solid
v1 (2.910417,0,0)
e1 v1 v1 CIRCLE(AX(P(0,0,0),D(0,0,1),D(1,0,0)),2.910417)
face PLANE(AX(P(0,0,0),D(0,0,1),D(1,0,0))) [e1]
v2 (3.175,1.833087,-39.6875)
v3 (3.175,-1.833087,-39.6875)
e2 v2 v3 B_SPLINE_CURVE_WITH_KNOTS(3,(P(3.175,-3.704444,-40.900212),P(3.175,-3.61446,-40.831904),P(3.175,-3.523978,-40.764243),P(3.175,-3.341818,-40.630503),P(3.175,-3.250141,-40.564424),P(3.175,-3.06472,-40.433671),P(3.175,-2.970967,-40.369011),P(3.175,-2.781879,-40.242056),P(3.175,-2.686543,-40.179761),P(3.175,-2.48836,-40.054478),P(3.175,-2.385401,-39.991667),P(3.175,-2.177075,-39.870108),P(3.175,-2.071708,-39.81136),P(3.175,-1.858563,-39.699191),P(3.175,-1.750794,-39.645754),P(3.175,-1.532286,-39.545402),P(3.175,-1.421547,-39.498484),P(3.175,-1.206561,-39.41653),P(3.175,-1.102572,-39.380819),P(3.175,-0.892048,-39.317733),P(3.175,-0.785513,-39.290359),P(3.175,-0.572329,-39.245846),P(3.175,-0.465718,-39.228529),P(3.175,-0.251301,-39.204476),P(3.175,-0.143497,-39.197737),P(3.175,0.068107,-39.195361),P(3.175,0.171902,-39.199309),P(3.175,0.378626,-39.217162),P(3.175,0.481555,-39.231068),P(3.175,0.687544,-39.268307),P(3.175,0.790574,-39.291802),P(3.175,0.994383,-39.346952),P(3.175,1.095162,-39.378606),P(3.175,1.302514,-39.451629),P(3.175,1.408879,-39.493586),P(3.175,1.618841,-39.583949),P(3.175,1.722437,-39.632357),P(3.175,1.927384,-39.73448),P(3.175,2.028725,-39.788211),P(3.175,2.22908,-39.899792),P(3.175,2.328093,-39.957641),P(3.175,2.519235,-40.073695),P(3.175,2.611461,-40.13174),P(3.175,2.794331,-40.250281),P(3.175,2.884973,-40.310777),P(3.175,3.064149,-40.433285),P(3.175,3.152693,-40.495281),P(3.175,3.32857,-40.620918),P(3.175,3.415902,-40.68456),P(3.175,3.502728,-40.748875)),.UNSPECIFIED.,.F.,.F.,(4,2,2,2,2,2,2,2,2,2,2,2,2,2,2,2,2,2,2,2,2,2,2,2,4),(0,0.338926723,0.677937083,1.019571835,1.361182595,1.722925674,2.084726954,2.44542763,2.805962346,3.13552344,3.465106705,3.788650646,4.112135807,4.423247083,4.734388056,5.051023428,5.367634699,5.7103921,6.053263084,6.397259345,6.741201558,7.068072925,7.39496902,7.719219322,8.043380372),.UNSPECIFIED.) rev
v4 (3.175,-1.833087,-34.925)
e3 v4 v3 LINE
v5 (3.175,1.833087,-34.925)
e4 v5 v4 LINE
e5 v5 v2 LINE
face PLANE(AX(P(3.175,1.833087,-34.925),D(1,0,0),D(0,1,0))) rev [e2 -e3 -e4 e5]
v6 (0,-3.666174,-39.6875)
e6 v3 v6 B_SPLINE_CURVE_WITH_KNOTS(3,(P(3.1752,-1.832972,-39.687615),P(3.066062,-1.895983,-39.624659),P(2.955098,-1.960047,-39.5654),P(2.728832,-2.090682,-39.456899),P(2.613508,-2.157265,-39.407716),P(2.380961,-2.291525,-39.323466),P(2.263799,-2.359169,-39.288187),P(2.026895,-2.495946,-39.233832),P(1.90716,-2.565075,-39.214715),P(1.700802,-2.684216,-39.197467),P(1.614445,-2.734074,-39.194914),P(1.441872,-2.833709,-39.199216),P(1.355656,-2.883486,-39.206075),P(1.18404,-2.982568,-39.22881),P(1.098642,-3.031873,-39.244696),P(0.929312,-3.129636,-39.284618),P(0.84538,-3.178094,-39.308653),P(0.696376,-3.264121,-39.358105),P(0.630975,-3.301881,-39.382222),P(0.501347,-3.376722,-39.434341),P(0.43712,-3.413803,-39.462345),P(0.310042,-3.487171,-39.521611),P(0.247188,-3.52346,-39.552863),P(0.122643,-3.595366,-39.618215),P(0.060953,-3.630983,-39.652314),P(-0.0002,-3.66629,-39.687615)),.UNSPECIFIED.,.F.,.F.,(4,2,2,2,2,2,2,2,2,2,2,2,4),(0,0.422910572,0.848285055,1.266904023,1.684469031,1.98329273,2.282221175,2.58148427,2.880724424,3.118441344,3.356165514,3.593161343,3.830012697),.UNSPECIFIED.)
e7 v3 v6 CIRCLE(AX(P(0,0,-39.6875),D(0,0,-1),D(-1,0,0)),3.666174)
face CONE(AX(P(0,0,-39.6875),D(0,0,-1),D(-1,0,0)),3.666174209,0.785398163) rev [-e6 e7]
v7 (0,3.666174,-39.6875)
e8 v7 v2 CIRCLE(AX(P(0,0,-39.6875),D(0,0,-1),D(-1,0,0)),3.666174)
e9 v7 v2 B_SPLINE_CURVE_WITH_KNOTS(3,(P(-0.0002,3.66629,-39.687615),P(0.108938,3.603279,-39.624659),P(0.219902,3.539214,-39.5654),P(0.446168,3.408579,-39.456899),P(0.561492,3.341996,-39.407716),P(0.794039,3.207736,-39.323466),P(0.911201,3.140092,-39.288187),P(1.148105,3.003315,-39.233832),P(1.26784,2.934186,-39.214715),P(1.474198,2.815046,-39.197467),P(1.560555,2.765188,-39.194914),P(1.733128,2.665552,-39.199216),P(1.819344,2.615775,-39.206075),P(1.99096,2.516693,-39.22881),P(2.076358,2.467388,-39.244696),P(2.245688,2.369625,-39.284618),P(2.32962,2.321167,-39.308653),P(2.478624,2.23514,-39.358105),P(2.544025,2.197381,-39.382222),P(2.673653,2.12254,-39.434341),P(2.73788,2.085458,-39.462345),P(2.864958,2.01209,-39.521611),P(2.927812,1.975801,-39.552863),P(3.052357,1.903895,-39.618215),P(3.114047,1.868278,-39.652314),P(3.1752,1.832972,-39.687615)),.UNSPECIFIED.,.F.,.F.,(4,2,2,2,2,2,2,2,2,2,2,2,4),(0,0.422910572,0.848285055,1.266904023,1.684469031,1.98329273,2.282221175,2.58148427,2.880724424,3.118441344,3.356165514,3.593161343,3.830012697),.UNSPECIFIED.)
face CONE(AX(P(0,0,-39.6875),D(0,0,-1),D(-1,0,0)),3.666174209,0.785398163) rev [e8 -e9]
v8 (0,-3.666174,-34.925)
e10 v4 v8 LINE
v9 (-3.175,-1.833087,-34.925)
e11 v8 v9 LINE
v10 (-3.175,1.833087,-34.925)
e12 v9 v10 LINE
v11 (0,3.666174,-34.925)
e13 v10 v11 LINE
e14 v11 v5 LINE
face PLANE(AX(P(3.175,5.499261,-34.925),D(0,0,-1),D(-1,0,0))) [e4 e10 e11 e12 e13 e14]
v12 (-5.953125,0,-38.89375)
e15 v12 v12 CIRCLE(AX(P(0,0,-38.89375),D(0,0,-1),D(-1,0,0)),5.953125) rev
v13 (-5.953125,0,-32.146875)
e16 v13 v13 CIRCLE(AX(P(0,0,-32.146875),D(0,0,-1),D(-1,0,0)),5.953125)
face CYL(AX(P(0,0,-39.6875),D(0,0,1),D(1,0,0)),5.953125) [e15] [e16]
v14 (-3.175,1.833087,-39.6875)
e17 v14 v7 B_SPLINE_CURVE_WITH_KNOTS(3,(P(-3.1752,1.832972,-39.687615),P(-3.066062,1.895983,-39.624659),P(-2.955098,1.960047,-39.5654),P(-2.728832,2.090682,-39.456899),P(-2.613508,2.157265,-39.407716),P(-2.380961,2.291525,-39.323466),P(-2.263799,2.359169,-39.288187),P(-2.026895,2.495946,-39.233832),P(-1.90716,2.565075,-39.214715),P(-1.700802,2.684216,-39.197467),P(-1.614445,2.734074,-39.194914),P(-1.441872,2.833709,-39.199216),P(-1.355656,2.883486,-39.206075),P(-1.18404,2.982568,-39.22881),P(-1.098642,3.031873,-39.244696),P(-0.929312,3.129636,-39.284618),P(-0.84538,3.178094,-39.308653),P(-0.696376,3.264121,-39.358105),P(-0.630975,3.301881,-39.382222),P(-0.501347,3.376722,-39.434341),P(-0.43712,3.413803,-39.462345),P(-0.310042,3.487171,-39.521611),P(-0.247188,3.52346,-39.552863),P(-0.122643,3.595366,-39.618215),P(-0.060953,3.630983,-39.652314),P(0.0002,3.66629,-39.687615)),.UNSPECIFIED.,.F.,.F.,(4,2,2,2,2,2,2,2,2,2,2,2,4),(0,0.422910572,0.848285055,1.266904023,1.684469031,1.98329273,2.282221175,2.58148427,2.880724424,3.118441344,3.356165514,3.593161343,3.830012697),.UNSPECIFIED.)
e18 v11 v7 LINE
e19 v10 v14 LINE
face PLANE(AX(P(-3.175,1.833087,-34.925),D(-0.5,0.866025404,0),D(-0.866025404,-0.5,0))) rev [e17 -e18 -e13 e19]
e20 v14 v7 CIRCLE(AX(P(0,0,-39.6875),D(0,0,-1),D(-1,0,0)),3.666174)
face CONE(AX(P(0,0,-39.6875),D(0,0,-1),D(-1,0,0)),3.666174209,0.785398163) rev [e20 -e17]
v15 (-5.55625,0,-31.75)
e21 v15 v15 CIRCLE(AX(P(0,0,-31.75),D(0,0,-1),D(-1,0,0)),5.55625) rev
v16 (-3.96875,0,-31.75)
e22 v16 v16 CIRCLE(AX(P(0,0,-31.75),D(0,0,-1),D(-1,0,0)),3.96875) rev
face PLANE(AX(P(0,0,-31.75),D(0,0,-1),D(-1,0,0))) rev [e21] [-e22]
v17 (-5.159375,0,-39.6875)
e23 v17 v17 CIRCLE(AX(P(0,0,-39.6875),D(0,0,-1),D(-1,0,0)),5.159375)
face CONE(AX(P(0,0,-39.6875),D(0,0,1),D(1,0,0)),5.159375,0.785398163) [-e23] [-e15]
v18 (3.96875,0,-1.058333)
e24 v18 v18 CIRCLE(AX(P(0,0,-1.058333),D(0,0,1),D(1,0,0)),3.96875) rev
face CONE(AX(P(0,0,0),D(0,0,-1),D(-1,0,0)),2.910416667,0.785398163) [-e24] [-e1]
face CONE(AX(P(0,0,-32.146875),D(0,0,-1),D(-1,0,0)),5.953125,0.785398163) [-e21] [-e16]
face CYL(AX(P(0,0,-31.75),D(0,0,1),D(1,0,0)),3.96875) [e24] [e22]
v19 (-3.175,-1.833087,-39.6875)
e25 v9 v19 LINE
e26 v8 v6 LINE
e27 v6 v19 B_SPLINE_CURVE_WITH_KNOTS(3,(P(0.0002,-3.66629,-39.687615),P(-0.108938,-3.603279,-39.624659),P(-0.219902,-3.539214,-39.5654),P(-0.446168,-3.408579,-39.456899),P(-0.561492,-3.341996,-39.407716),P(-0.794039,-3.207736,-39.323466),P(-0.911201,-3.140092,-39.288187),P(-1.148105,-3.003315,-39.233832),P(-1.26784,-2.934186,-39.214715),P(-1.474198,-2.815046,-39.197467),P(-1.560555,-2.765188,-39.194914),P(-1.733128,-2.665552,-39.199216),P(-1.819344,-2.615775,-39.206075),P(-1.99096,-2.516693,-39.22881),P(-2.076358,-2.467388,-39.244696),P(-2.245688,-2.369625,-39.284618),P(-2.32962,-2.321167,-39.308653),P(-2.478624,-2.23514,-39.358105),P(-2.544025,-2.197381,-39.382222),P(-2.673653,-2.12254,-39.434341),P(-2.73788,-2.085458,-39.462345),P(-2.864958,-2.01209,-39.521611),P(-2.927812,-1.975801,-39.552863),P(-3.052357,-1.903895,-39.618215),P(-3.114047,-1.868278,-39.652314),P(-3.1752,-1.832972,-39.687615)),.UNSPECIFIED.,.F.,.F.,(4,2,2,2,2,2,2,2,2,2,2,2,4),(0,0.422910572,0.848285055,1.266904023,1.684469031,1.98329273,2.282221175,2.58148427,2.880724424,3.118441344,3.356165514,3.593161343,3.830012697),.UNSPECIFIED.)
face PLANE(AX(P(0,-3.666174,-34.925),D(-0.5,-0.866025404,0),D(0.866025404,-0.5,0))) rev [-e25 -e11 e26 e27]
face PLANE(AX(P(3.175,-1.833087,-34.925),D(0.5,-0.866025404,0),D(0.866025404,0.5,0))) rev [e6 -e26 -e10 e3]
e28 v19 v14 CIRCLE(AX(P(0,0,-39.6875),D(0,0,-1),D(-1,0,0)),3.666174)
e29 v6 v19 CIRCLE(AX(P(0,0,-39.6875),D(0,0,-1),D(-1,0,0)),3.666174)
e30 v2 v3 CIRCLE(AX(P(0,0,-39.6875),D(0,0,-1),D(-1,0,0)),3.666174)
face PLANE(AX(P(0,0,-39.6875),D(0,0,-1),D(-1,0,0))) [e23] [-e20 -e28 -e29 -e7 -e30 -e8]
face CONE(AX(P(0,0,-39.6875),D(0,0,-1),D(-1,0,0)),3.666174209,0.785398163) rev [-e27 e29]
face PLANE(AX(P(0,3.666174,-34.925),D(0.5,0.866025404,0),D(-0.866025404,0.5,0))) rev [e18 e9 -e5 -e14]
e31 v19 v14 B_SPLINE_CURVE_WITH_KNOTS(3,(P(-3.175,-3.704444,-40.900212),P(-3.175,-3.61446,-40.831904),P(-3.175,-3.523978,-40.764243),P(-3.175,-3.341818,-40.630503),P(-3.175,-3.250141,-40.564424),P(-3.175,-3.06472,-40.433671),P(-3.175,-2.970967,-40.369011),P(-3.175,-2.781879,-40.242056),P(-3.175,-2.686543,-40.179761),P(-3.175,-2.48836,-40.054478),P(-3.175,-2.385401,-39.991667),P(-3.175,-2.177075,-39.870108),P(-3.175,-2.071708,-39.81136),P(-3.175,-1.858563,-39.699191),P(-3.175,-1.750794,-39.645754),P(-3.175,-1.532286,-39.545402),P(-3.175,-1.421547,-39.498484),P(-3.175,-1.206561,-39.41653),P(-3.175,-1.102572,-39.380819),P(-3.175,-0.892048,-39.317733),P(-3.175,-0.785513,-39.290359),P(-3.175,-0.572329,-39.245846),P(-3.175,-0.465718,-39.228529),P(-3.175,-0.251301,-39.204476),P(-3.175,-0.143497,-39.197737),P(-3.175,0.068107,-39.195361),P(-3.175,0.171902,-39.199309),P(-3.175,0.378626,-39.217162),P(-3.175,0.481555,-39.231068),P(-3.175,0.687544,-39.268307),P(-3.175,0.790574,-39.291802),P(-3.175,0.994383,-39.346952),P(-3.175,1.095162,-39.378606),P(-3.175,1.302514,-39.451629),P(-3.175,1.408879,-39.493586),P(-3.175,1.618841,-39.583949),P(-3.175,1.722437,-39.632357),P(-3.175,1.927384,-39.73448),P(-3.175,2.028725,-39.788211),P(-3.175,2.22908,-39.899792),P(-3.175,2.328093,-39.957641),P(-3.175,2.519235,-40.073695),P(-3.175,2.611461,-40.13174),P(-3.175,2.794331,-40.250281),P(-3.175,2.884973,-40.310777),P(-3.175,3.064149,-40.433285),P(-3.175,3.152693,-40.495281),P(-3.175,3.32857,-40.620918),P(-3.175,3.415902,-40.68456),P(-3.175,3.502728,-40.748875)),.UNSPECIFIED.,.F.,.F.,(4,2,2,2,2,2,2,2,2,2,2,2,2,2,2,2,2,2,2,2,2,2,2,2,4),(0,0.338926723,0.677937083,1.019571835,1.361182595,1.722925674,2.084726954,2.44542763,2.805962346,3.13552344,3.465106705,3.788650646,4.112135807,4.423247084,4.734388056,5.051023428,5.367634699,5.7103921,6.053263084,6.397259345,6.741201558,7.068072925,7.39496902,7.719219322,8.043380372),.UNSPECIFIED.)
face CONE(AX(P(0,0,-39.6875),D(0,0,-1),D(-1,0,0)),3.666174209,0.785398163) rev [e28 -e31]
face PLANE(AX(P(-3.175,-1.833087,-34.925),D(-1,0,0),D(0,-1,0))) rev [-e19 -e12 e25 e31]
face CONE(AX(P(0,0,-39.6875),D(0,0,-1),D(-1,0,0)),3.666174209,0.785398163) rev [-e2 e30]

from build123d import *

# Parameters (mm, degrees)
SKETCH1_R          = 3.96875
EXTRUDE1_DEPTH     = 31.75
SKETCH6_R          = 5.953125
EXTRUDE2_DEPTH     = 7.9375
CUT_EXTRUDE1_DEPTH = 4.7625
SKETCH8_R          = 3.666174209
CUT_EXTRUDE2_DEPTH = 0.79375
CUT_EXTRUDE2_DRAFT = -45
CHAMFER1_SIZE      = 0.79375
CHAMFER2_SIZE      = 0.396875
CHAMFER3_SIZE      = 1.058333333


with BuildPart() as part:
    # Sketch1 → Extrude1 (new body)
    with BuildSketch(Plane.XY):
        Circle(SKETCH1_R)
    extrude(amount=-EXTRUDE1_DEPTH)

    # Sketch6 → Extrude2 (add)
    with BuildSketch(Plane(origin=(0, 0, -31.75), x_dir=(-1, 0, 0), z_dir=(0, 0, -1))):
        Circle(SKETCH6_R)
    extrude(amount=EXTRUDE2_DEPTH)

    # Sketch7 → Cut-Extrude1 (cut)
    with BuildSketch(Plane(origin=(0, 0, -39.6875), x_dir=(-1, 0, 0), z_dir=(0, 0, -1))):
        Polygon((0, 3.666174209), (-3.175, 1.833087105), (-3.175, -1.833087105), (0, -3.666174209), (3.175, -1.833087105), (3.175, 1.833087105), align=None)
    extrude(amount=-CUT_EXTRUDE1_DEPTH, mode=Mode.SUBTRACT)


with BuildPart() as cut_extrude2_tool:
    # Sketch8 → Cut-Extrude2 (with draft: the straight prism first)
    with BuildSketch(Plane(origin=(0, 0, -39.6875), x_dir=(-1, 0, 0), z_dir=(0, 0, -1))):
        Circle(SKETCH8_R)
    extrude(amount=-CUT_EXTRUDE2_DEPTH)
    # Cut-Extrude2: the draft: its side faces are tilted about the plane it starts from
    cut_extrude2_sides = [cut_extrude2_tool.faces().sort_by_distance(p)[0] for p in [
        (3.666174209, 0, -39.290625),
    ]]
    draft(cut_extrude2_sides, Plane(origin=(0, 0, -39.6875), x_dir=(-1, 0, 0), z_dir=(0, 0, -1)), CUT_EXTRUDE2_DRAFT)


with BuildPart() as part_1:
    add(part.part)

    # Cut-Extrude2: cut by cut_extrude2_tool
    add(cut_extrude2_tool.part, mode=Mode.SUBTRACT)

    # Chamfer1
    chamfer1_edges = [part_1.edges().sort_by_distance(p)[0] for p in [
        (5.953125, 0, -39.6875),
    ]]
    chamfer(chamfer1_edges, length=CHAMFER1_SIZE)

    # Chamfer2
    chamfer2_edges = [part_1.edges().sort_by_distance(p)[0] for p in [
        (5.953125, 0, -31.75),
    ]]
    chamfer(chamfer2_edges, length=CHAMFER2_SIZE)

    # Chamfer3
    chamfer3_edges = [part_1.edges().sort_by_distance(p)[0] for p in [
        (-3.96875, 0, 0),
    ]]
    chamfer(chamfer3_edges, length=CHAMFER3_SIZE)


solid = part_1.part
